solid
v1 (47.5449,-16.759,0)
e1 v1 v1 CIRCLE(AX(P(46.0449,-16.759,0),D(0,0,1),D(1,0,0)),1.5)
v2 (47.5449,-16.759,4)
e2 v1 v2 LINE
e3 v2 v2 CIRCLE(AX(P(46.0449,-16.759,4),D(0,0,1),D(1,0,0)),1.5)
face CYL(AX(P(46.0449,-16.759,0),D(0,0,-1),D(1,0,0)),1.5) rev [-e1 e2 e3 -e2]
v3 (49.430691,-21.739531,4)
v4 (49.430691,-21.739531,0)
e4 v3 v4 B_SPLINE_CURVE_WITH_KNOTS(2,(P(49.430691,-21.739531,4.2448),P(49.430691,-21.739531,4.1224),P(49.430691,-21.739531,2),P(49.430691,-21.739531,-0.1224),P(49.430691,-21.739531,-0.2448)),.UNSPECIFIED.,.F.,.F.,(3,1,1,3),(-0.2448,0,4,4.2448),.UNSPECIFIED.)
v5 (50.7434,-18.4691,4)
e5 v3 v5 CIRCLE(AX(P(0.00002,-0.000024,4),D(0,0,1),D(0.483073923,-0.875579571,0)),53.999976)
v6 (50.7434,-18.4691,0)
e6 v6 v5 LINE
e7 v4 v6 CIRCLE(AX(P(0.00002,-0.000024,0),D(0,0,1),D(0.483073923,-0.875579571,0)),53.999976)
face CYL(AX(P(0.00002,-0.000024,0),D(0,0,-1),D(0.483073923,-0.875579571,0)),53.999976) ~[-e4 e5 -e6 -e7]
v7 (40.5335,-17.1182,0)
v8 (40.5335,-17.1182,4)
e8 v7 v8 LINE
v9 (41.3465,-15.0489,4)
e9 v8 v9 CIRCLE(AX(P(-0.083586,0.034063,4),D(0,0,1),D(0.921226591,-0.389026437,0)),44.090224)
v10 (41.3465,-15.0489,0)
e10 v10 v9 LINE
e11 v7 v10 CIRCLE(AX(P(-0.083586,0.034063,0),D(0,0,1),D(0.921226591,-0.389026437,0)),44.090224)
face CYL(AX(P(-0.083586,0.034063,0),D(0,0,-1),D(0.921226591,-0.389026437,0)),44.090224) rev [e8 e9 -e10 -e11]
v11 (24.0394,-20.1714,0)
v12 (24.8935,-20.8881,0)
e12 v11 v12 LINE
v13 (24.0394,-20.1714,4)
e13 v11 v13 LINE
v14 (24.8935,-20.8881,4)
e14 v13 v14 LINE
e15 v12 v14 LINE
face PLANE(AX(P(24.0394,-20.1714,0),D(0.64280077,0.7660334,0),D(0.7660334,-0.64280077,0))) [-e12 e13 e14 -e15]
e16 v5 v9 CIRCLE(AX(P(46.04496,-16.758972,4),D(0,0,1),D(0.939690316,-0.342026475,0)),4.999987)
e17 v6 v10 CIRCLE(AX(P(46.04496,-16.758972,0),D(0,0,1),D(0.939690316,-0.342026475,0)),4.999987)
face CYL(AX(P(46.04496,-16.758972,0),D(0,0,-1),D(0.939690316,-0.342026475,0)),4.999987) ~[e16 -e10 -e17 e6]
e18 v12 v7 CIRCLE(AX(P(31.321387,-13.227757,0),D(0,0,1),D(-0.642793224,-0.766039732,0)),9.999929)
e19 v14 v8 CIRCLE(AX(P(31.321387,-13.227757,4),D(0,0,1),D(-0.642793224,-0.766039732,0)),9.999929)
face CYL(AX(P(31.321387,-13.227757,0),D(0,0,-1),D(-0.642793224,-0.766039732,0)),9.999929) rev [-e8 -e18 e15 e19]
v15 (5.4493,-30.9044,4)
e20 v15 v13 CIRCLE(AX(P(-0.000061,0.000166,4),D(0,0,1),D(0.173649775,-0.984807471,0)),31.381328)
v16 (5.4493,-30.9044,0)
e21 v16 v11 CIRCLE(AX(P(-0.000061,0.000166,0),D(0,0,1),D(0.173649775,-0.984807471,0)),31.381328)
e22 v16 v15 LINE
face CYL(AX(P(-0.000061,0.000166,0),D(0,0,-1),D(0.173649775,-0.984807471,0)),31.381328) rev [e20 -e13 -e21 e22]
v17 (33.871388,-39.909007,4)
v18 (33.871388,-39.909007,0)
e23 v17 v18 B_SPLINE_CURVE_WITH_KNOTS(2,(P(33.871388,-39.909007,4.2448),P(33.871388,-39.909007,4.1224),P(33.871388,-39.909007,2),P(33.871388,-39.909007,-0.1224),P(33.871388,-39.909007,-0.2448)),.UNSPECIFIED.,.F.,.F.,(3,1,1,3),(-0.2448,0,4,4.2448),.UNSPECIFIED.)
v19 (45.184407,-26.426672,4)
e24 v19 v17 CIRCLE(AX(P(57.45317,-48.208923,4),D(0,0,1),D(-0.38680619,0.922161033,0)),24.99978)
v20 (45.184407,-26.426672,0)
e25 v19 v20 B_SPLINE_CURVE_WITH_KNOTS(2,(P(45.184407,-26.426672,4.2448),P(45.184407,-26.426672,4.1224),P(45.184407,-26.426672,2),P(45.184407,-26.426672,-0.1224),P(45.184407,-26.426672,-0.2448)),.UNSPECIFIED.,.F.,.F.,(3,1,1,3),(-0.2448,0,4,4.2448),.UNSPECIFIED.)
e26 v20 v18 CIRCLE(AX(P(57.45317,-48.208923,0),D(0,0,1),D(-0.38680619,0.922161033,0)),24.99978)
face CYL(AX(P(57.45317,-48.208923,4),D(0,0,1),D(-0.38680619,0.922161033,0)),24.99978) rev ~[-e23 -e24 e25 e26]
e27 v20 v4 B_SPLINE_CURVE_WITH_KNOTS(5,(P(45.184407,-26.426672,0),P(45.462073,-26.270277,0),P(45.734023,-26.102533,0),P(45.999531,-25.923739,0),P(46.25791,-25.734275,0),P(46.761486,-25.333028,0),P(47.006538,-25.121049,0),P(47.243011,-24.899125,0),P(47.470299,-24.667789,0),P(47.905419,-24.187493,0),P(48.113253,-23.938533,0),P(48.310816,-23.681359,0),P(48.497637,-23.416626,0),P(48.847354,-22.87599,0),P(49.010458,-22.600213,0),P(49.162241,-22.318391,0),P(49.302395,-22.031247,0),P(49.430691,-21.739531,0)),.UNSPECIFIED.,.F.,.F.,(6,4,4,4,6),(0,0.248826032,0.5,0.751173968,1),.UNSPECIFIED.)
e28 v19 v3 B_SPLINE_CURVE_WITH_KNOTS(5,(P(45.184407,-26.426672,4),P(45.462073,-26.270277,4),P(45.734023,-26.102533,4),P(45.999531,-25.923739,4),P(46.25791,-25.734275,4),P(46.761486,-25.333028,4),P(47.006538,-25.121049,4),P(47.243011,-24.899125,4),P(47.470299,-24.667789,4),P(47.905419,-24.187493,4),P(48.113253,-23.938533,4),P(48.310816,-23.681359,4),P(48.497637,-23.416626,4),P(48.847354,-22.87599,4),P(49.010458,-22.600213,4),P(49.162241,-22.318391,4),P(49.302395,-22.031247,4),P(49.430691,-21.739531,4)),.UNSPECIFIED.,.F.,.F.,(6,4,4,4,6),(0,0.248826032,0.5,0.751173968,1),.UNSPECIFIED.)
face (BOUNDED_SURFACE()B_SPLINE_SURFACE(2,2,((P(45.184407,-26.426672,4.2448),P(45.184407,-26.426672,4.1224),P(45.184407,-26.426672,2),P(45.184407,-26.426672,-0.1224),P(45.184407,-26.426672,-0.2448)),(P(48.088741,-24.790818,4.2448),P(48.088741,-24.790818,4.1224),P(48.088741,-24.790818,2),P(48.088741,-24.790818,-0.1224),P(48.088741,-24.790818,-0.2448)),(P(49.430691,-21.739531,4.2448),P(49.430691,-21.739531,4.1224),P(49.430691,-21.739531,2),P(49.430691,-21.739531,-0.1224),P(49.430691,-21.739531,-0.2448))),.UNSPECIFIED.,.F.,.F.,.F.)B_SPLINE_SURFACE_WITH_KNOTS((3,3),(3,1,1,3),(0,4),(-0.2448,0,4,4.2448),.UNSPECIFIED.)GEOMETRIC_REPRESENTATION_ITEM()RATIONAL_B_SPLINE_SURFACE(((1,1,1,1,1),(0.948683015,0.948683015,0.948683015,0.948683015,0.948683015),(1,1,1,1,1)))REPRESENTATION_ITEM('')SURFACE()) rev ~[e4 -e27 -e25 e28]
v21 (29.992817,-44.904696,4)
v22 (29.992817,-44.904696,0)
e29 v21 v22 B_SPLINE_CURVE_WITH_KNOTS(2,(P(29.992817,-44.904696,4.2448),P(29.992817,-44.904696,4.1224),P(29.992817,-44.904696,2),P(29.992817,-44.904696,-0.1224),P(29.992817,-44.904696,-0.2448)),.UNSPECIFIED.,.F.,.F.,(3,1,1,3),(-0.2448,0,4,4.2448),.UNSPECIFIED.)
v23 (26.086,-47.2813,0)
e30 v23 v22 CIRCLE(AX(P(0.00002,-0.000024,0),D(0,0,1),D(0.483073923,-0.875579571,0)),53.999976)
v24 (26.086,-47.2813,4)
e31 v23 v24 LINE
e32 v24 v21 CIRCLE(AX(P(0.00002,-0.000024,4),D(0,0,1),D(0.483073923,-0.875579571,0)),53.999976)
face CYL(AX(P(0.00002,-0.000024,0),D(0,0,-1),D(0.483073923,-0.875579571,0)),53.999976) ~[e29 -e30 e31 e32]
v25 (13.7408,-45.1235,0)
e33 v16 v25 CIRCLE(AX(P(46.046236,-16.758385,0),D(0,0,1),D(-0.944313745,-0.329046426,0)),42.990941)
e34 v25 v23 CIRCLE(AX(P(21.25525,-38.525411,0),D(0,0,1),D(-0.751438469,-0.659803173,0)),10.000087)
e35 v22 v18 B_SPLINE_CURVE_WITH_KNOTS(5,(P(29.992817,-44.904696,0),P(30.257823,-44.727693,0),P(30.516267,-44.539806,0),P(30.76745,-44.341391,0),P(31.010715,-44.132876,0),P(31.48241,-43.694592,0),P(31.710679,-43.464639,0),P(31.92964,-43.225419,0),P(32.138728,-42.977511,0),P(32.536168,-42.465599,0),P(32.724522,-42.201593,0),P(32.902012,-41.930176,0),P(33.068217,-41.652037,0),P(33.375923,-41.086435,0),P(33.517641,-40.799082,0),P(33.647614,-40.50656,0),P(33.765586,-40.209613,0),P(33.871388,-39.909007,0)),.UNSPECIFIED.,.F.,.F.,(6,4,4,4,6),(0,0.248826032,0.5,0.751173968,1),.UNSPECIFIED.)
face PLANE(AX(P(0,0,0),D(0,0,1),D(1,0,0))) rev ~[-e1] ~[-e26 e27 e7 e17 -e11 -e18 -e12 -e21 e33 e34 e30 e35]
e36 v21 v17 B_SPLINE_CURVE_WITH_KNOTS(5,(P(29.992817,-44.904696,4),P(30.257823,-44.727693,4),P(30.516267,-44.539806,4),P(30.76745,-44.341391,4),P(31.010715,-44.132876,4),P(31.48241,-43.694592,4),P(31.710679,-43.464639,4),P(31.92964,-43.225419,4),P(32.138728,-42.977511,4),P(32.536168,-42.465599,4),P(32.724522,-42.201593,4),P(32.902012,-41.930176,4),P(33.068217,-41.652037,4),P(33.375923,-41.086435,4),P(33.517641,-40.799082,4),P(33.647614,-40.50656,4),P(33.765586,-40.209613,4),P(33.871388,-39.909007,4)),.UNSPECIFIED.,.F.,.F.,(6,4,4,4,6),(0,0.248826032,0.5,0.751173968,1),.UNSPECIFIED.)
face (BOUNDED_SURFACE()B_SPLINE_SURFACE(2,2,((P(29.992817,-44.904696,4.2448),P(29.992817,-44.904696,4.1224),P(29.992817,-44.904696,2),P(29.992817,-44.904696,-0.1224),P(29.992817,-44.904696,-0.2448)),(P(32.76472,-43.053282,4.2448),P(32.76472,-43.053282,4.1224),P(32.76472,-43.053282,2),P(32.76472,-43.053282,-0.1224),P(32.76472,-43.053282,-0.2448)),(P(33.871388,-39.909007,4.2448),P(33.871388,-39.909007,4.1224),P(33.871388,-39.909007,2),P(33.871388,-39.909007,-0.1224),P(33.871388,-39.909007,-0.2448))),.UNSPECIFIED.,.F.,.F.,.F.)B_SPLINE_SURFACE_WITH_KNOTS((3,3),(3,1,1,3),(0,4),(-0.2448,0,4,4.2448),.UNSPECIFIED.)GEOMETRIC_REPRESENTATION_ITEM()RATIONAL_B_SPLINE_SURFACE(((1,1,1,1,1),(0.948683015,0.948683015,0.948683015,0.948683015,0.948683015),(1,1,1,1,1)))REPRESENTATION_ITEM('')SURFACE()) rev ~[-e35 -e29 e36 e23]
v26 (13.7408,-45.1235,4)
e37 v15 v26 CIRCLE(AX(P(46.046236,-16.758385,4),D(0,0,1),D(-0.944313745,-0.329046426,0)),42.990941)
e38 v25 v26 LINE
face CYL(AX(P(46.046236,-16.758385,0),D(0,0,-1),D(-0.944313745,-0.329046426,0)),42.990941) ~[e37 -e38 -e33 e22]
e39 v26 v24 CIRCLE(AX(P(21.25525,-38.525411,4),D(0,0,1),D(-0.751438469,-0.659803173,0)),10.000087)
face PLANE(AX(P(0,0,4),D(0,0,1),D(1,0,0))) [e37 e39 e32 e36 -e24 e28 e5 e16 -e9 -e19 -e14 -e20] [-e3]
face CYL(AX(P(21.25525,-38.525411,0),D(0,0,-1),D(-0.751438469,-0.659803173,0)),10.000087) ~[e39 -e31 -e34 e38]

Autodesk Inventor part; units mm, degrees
ref_plane "YZ Plane" through (0, 0, 0) normal (1, 0, 0) x (0, 1, 0)
ref_plane "XZ Plane" through (0, 0, 0) normal (0, 1, 0) x (-1, 0, 0)
ref_plane "XY Plane" through (0, 0, 0) normal (0, 0, 1) x (1, 0, 0)
sketch "Sketch1" plane through (0, 0, 0) normal (0, 0, 1) x (1, 0, 0)
  circle A0 centre (46.0449, -16.759) radius 4 construction
  spline S0 degree 3 poles (32.2129, 20.8318) (30.525, 21.8832) (29.0415, 23.2334) (25.9174, 26.8655) (24.5253, 29.2164) (23.4072, 31.3618) knots 0 0 0 0 0.391133 0.391133 0.939024 0.939024 0.939024 0.939024 construction
  arc A1 (50.7434, -18.4691) -> (41.3465, -15.0489) centre (46.0449, -16.759) ccw
  circle A2 centre (46.0449, -16.759) radius 1.5
  arc A3 (5.4493, -30.9044) -> (24.0394, -20.1714) centre (0, 0) ccw
  arc A4 (26.086, -47.2813) -> (50.7434, -18.4691) centre (0, 0) ccw
  arc A5 (40.5335, -17.1182) -> (41.3465, -15.0489) centre (0, 0) ccw
  circle A6 centre (0, 0) radius 49 construction
  line L0 (46.0449, -16.759) -> (0, 0) construction
  line L1 (0, 0) -> (49, 0) construction
  line L2 (5.4493, -30.9044) -> (0, 0) construction
  line L3 (24.0394, -20.1714) -> (0, 0) construction
  line L4 (24.0394, -20.1714) -> (24.8935, -20.8881)
  line L5 (0, 0) -> (15.6906, -27.1769) construction
  arc A7 (24.8935, -20.8881) -> (40.5335, -17.1182) centre (31.3214, -13.2277) ccw
  arc A8 (5.4493, -30.9044) -> (13.7408, -45.1235) centre (46.0449, -16.759) ccw
  arc A9 (13.7408, -45.1235) -> (26.086, -47.2813) centre (21.2552, -38.5255) ccw
  point P0 (33.706, -28.2827)
  dimension "d2" = 62.7624
  dimension "d3" = 10
  dimension "d4" = 3
  dimension "d5" = 8
  dimension "d42" = 98
  dimension "d45" = 20
  dimension "d46" = 40
  dimension "d47" = 20
  dimension "d48" = 60
  dimension "d49" = 10
  dimension "d51" = 10
extrude "Extrusion1" add sketch "Sketch1" along normal blind 4
sketch "Sketch10" plane through (0, 0, 4) normal (0, 0, 1) x (1, 0, 0)
  arc A0 (26.086, -47.2813) -> (50.7434, -18.4691) centre (0, 0) ccw projected
  arc A1 (47.7831, -25.1551) -> (33.0704, -42.689) centre (57.4533, -48.2091) ccw
  arc A2 (40.5335, -17.1182) -> (41.3465, -15.0489) centre (0, 0) ccw projected
  line L0 (57.4533, -48.2091) -> (0, 0) construction
  line L1 (0, 0) -> (52.518, 0) construction
  dimension "d54" = 40
  dimension "d55" = 25
  dimension "d56" = 75
extrude "Extrusion9" cut sketch "Sketch10" against normal blind 10
fillet "Fillet8" radius 10 2 edges at (47.7831, -25.1551, 2) (33.0704, -42.689, 2)
equation "\"d51\" = d49"
properties part number "launcher.latch"
